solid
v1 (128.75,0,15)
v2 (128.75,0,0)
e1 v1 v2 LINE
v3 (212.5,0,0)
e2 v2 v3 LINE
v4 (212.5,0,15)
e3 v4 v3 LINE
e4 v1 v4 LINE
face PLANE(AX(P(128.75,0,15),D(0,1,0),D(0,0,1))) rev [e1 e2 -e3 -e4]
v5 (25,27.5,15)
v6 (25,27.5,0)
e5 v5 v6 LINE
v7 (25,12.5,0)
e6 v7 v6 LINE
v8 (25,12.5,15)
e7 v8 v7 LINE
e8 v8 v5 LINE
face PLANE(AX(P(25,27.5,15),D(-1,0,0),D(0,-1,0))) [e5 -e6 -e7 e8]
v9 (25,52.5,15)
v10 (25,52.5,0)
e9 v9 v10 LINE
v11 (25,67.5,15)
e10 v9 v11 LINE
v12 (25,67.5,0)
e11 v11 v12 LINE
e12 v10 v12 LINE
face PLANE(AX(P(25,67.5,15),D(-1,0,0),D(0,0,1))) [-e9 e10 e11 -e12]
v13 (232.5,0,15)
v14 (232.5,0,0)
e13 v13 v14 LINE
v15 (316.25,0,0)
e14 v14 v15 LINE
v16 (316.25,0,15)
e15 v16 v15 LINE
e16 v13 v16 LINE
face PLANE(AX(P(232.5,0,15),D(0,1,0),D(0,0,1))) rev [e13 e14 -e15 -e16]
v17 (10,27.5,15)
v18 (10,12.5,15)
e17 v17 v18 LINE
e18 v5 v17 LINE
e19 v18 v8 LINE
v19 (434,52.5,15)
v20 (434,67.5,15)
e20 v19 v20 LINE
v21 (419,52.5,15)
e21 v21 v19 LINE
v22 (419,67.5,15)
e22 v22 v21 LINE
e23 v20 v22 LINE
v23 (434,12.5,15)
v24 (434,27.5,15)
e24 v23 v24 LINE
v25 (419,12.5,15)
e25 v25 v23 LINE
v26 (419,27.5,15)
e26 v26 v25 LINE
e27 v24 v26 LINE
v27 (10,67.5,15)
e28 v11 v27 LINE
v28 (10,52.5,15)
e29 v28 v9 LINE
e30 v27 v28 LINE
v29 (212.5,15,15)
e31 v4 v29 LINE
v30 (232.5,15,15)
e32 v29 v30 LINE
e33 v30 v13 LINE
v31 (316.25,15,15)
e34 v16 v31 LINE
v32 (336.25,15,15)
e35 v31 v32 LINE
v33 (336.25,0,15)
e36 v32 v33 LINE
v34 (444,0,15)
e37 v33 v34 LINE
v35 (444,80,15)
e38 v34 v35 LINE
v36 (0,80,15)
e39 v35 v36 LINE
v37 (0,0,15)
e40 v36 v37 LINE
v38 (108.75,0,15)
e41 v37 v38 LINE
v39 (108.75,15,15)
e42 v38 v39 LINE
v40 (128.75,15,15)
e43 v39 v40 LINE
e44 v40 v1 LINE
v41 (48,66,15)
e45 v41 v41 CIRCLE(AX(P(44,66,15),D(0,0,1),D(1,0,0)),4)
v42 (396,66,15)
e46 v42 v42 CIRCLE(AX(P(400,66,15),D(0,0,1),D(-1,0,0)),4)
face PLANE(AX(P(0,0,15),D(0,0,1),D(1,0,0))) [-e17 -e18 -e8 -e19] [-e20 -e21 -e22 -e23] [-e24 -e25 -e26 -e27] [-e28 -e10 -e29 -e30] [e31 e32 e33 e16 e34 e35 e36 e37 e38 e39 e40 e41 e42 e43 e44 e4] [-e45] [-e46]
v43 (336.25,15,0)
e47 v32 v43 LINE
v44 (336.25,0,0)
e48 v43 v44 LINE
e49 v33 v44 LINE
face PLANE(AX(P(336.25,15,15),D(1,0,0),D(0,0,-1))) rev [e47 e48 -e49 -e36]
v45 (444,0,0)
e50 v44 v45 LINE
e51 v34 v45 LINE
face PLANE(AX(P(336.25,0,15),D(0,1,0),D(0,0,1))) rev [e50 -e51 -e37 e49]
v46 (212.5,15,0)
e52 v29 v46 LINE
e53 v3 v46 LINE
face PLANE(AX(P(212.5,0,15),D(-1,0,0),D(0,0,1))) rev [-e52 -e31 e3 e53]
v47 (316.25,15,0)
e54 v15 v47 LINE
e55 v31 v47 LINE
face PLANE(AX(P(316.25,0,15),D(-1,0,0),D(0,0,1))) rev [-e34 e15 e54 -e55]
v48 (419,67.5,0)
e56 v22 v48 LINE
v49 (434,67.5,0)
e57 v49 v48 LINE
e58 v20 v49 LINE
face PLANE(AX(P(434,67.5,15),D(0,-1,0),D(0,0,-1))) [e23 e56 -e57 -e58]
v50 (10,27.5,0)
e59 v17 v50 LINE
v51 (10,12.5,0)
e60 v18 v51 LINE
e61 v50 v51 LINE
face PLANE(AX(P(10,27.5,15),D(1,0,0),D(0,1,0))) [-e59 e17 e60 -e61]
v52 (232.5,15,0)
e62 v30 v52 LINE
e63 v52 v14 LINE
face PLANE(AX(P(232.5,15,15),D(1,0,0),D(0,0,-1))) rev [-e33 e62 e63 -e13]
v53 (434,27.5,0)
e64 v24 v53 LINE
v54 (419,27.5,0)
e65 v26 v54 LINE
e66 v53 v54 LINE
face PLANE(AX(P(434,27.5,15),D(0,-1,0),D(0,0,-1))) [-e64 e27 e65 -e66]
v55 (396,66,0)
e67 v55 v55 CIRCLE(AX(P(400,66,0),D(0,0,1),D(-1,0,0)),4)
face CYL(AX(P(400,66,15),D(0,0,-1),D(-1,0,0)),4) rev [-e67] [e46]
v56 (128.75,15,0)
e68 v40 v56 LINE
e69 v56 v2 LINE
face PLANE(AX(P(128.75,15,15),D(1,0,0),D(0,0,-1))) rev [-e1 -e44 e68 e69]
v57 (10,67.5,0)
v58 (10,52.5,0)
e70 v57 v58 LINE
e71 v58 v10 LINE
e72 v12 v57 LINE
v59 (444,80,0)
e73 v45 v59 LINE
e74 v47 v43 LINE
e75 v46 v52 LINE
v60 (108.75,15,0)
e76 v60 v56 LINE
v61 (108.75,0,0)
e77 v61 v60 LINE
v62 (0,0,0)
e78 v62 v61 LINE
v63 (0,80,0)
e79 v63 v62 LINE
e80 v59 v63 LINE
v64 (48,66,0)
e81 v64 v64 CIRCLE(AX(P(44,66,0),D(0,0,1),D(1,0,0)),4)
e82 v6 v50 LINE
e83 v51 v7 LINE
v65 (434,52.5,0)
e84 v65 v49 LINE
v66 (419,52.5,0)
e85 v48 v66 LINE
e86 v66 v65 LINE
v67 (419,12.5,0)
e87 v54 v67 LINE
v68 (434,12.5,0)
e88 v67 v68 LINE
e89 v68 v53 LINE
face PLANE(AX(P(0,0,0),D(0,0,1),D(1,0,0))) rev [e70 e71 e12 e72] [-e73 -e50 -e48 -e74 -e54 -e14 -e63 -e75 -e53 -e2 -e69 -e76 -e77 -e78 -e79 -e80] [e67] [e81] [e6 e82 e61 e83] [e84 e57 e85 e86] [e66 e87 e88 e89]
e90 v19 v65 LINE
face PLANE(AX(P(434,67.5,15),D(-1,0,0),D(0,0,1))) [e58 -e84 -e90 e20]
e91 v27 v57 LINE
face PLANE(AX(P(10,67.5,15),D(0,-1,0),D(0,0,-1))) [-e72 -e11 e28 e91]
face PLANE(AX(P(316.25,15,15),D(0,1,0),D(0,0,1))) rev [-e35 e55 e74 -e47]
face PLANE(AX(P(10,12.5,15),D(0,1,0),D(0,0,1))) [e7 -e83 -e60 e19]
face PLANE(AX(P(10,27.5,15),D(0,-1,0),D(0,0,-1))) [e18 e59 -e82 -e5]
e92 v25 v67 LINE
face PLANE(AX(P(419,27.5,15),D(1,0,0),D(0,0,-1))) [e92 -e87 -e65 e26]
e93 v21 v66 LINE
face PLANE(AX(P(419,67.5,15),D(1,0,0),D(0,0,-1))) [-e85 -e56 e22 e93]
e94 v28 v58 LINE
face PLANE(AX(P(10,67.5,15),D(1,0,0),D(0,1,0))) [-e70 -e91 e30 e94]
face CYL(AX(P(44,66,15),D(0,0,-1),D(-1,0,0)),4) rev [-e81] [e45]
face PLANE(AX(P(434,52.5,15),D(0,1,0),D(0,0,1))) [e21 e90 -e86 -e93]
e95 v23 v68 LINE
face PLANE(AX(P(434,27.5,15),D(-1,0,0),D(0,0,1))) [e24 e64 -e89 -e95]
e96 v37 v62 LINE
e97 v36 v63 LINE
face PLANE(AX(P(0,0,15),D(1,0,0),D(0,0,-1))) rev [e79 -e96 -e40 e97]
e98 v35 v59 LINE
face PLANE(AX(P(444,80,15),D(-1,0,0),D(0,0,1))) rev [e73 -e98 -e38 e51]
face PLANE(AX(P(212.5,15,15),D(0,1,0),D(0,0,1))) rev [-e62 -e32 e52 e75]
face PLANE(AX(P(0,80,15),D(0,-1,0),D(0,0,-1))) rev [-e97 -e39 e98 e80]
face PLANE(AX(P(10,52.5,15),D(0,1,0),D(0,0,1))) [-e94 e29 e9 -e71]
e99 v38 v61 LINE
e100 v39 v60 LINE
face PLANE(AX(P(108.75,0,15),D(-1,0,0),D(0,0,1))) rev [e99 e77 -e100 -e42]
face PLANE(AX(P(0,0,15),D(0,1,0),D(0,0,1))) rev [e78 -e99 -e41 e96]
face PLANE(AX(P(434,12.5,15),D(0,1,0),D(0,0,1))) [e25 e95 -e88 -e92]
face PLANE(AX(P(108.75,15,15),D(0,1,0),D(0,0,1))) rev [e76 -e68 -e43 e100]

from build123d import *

# Parameters (mm, degrees)
SKETCH1_R           = 4
SKETCH1_W           = 15
SKETCH1_H           = 15
BOSS_EXTRUDE1_DEPTH = 15


with BuildPart() as part:
    # Sketch1 → Boss-Extrude1 (new body)
    with BuildSketch(Plane.XY):
        Polygon((0, 0), (0, 80), (444, 80), (444, 0), (336.25, 0), (336.25, 15), (316.25, 15), (316.25, 0), (232.5, 0), (232.5, 15), (212.5, 15), (212.5, 0), (128.75, 0), (128.75, 15), (108.75, 15), (108.75, 0), align=None)
        with Locations((44, 66)):
            Circle(SKETCH1_R, mode=Mode.SUBTRACT)
        with Locations(Location((400, 66, 0), (0, 0, 180))):  # turned: the seam where the file's is
            Circle(SKETCH1_R, mode=Mode.SUBTRACT)
        with Locations((17.5, 60)):
            Rectangle(SKETCH1_W, SKETCH1_H, mode=Mode.SUBTRACT)
        with Locations((17.5, 20)):
            Rectangle(SKETCH1_W, SKETCH1_H, mode=Mode.SUBTRACT)
        with Locations((426.5, 20)):
            Rectangle(SKETCH1_W, SKETCH1_H, mode=Mode.SUBTRACT)
        with Locations((426.5, 60)):
            Rectangle(SKETCH1_W, SKETCH1_H, mode=Mode.SUBTRACT)
    extrude(amount=BOSS_EXTRUDE1_DEPTH)


solid = part.part
